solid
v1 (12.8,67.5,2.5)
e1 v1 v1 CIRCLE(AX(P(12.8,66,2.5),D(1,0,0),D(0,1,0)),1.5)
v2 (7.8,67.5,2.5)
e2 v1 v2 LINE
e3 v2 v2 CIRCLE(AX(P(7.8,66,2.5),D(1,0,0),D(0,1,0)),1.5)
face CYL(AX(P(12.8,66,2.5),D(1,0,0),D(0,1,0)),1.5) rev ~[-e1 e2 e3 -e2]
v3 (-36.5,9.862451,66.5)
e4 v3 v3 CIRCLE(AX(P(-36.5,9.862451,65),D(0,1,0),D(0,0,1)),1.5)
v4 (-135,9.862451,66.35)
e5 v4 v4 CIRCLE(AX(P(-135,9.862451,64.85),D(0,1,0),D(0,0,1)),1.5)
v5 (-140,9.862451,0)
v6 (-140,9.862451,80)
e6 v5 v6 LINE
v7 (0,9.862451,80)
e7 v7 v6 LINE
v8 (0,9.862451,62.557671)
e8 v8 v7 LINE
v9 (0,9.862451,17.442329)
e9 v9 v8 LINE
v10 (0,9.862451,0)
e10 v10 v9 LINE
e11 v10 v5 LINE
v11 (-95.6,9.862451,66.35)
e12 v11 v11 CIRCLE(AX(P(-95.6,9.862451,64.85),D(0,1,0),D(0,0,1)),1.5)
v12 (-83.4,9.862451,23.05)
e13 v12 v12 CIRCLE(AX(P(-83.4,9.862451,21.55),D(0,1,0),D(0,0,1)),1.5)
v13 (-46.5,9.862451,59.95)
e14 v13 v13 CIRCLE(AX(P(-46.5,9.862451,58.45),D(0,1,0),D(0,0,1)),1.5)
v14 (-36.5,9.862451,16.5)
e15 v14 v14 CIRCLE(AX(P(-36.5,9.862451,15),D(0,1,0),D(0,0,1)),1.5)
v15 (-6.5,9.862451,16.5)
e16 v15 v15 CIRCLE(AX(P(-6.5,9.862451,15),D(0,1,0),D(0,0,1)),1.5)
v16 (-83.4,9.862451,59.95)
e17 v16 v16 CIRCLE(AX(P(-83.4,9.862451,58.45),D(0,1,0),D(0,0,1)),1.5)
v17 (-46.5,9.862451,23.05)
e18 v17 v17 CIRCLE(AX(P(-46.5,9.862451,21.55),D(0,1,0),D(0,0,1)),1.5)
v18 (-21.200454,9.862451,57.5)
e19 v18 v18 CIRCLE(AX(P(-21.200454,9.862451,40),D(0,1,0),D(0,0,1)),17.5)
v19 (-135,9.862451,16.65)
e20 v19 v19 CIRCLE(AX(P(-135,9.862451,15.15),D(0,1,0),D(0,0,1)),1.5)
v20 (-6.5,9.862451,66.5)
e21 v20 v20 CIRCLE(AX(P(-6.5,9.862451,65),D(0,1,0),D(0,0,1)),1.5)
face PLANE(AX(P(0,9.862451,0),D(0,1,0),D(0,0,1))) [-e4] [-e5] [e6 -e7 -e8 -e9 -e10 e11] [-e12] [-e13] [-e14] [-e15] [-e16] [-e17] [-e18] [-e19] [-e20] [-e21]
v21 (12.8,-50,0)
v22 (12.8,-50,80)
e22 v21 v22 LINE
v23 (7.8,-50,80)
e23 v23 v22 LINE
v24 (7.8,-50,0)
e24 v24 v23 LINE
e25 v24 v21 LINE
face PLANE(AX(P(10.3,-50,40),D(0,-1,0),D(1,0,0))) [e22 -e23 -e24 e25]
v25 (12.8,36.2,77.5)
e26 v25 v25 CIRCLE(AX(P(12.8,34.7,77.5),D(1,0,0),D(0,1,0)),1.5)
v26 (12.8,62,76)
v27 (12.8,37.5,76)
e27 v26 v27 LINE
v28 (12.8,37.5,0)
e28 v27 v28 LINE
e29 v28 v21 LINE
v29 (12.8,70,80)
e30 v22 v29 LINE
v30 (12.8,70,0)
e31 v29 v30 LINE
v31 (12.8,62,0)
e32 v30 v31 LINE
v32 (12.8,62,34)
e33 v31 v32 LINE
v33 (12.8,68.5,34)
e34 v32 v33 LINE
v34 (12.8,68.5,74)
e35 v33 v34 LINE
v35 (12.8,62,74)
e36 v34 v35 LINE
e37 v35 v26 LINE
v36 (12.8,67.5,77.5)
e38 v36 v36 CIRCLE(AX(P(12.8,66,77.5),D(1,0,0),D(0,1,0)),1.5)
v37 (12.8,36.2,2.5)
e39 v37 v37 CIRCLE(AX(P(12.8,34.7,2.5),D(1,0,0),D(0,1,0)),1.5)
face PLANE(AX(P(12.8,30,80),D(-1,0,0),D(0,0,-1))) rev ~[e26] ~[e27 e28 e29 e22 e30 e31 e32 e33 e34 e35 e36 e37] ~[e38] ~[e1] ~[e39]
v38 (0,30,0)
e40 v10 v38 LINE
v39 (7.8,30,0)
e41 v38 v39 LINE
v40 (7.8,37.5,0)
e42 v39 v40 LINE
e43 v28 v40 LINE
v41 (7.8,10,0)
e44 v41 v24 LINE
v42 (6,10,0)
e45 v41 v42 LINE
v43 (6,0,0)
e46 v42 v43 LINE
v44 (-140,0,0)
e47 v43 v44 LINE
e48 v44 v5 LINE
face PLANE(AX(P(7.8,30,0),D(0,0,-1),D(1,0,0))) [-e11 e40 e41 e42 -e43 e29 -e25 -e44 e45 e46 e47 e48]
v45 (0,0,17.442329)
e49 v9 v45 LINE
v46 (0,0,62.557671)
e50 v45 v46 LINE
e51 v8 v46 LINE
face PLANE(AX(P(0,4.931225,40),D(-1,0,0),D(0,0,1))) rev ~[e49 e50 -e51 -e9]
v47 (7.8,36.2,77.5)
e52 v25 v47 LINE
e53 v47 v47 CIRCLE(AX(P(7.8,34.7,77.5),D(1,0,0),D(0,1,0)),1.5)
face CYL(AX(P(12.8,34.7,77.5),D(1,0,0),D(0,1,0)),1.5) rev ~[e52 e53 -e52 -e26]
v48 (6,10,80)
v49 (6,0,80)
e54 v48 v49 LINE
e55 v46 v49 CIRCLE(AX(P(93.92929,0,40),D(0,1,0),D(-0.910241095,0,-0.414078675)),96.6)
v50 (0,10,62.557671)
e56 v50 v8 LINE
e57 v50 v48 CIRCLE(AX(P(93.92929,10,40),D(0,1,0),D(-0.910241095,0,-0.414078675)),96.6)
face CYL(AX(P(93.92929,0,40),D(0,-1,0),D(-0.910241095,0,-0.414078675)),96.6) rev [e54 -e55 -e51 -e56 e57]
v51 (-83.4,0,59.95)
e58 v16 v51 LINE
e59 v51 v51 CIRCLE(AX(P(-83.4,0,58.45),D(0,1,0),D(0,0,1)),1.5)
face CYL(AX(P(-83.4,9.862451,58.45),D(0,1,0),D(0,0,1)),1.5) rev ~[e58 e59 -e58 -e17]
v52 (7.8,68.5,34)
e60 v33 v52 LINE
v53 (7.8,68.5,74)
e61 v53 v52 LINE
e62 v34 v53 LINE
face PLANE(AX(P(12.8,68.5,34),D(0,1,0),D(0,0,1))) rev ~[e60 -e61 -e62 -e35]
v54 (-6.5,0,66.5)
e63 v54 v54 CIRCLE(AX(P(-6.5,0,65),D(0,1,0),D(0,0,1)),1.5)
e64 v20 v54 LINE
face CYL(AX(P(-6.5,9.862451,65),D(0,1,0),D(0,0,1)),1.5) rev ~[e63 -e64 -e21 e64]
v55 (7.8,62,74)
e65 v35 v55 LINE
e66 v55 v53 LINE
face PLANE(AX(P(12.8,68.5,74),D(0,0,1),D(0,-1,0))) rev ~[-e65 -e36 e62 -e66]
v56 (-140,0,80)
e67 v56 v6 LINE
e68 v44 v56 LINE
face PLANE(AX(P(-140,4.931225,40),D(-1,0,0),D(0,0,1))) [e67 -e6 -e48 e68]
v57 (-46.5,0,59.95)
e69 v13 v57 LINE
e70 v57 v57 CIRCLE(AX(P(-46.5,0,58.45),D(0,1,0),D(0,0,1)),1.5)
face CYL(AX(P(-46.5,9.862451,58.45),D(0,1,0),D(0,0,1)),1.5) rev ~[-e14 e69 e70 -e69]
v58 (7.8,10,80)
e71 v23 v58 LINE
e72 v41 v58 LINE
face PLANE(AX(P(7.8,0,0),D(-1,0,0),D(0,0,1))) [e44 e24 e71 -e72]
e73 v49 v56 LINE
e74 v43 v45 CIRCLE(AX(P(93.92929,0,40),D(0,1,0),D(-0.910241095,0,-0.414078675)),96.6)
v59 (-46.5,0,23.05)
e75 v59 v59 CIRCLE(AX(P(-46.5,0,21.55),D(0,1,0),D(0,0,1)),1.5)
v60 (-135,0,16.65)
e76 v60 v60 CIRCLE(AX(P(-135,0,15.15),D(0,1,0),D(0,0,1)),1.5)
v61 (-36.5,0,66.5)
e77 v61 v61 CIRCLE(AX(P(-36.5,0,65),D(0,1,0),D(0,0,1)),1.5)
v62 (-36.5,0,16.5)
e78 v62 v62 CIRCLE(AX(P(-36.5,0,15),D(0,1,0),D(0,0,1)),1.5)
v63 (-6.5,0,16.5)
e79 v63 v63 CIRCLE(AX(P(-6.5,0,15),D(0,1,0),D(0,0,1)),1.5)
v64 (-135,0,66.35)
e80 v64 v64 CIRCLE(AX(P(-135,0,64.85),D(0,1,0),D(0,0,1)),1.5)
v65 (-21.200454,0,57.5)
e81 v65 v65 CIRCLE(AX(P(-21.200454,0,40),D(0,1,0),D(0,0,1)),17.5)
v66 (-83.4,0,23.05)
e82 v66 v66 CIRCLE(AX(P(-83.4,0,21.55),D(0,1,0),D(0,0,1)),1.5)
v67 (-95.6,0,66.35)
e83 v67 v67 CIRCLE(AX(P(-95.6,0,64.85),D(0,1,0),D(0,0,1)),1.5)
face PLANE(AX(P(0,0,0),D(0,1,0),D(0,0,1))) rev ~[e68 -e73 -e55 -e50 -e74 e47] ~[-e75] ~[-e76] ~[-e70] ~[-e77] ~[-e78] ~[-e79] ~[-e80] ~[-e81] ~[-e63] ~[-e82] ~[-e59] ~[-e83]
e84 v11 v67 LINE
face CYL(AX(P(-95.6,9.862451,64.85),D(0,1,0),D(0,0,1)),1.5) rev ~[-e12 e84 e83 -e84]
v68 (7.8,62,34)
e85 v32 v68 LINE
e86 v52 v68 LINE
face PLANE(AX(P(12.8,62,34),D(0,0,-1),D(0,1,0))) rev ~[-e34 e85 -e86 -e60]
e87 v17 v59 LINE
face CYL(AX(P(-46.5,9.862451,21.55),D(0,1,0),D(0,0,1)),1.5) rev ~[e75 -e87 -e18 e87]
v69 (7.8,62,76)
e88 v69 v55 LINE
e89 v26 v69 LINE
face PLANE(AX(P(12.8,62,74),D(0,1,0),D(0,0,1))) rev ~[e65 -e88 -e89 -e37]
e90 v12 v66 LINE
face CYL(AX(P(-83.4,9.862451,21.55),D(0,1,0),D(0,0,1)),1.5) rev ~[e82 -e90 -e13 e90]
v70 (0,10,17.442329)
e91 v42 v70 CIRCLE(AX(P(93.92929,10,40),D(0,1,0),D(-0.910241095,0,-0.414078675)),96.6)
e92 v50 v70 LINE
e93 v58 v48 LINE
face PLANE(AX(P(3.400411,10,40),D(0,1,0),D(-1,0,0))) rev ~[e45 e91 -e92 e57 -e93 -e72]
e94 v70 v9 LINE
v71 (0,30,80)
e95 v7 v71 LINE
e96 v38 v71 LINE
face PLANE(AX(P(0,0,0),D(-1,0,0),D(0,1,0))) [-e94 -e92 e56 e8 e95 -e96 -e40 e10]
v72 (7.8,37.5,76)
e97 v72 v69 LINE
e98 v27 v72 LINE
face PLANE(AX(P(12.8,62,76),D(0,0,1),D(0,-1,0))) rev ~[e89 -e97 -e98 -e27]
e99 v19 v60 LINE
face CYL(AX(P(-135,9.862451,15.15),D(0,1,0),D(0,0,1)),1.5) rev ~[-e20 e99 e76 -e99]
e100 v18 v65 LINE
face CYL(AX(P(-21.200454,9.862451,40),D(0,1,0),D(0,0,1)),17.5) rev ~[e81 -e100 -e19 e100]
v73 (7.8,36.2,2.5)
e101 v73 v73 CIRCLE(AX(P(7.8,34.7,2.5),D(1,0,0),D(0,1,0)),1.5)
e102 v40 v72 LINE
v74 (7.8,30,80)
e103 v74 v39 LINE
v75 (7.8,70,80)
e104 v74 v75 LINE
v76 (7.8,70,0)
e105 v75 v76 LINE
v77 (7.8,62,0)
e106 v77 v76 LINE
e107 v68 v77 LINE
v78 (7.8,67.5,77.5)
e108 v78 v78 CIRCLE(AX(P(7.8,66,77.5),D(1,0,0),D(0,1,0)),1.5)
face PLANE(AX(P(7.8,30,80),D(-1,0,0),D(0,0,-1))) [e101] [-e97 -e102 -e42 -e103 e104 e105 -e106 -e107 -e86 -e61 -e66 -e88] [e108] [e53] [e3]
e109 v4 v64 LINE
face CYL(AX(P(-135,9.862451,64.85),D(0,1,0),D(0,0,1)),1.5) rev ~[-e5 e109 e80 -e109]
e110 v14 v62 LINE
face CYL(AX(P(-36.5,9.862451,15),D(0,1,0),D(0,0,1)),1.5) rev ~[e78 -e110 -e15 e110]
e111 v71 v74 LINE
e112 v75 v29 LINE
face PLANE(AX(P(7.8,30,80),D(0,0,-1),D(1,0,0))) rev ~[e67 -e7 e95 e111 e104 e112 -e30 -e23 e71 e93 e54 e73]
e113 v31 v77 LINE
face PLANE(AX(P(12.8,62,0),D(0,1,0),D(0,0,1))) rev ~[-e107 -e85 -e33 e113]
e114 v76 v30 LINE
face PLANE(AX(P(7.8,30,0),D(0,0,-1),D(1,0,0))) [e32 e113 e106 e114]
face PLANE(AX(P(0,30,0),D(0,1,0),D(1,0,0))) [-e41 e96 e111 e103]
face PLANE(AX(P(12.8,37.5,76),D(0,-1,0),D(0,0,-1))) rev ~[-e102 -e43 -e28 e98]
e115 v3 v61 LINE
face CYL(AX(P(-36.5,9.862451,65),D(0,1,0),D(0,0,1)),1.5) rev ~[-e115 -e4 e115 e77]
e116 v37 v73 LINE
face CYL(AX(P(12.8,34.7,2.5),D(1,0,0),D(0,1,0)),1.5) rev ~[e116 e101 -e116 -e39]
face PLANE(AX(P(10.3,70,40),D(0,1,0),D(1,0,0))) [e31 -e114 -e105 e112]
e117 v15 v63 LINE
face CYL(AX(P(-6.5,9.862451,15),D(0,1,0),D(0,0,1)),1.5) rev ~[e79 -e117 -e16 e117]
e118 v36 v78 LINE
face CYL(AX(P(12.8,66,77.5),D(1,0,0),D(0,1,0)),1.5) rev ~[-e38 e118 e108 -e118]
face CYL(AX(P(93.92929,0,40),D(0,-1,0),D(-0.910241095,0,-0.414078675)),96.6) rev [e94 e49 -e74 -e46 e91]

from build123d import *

# Parameters (mm, degrees)
BOSS_EXTRUDE1_DEPTH   = 80
CORTE_EXTRUS_O1_DEPTH = 10
SKETCH3_W             = 5
SKETCH3_H             = 80
BOSS_EXTRUDE2_DEPTH   = 50
SKETCH4_W             = 80
SKETCH4_H             = 9.86245083
BOSS_EXTRUDE3_DEPTH   = 140
SKETCH5_R             = 1.5
SKETCH5_R_2           = 17.5
CUT_EXTRUDE1_DEPTH    = 40
SKETCH6_W             = 5
SKETCH6_H             = 80
BOSS_EXTRUDE4_DEPTH   = 40
SKETCH7_R             = 1.5
CUT_EXTRUDE2_DEPTH    = 40


with BuildPart() as part:
    # Sketch1 → Boss-Extrude1 (new body)
    with BuildSketch(Plane.XY):
        Polygon((0, 0), (0, 30), (12.8, 30), (12.8, 0), (7.8, 0), (7.8, 10), (6, 10), (6, 0), align=None)
    extrude(amount=BOSS_EXTRUDE1_DEPTH)

    # Esboço2 → Corte-extrusão1 (cut)
    with BuildSketch(Plane.XZ):
        with BuildLine():
            Line((6, 80), (6, 0))
            ThreePointArc((6, 0), (-2.670710227, 40), (6, 80))
        make_face()
    extrude(amount=-CORTE_EXTRUS_O1_DEPTH, mode=Mode.SUBTRACT)

    # Sketch3 → Boss-Extrude2 (add)
    with BuildSketch(Plane.XZ):
        with Locations((10.3, 40)):
            Rectangle(SKETCH3_W, SKETCH3_H)
    extrude(amount=BOSS_EXTRUDE2_DEPTH)

    # Sketch4 → Boss-Extrude3 (add)
    with BuildSketch(Plane.ZY):
        with Locations((40, 4.931225415)):
            Rectangle(SKETCH4_W, SKETCH4_H)
    extrude(amount=BOSS_EXTRUDE3_DEPTH)

    # Sketch5 → Cut-Extrude1 (cut)
    with BuildSketch(Plane(origin=(0, 9.86245083, 0), x_dir=(1, 0, 0), z_dir=(0, 1, 0))):
        with Locations(Location((-6.5, -65, 0), (0, 0, 270))):
            Circle(SKETCH5_R)
        with Locations(Location((-36.5, -65, 0), (0, 0, 270))):
            Circle(SKETCH5_R)
        with Locations(Location((-6.5, -15, 0), (0, 0, 270))):
            Circle(SKETCH5_R)
        with Locations(Location((-36.5, -15, 0), (0, 0, 270))):
            Circle(SKETCH5_R)
        with Locations(Location((-21.200454255, -40, 0), (0, 0, 270))):
            Circle(SKETCH5_R_2)
        with Locations(Location((-46.5, -21.55, 0), (0, 0, 270))):
            Circle(SKETCH5_R)
        with Locations(Location((-46.5, -58.45, 0), (0, 0, 270))):
            Circle(SKETCH5_R)
        with Locations(Location((-83.4, -21.55, 0), (0, 0, 270))):
            Circle(SKETCH5_R)
        with Locations(Location((-83.4, -58.45, 0), (0, 0, 270))):
            Circle(SKETCH5_R)
        with Locations(Location((-95.6, -64.85, 0), (0, 0, 270))):
            Circle(SKETCH5_R)
        with Locations(Location((-135, -64.85, 0), (0, 0, 270))):
            Circle(SKETCH5_R)
        with Locations(Location((-135, -15.15, 0), (0, 0, 270))):
            Circle(SKETCH5_R)
    extrude(amount=-CUT_EXTRUDE1_DEPTH, mode=Mode.SUBTRACT)

    # Sketch6 → Boss-Extrude4 (add)
    with BuildSketch(Plane(origin=(0, 30, 0), x_dir=(1, 0, 0), z_dir=(0, 1, 0))):
        with Locations((10.3, -40)):
            Rectangle(SKETCH6_W, SKETCH6_H)
    extrude(amount=BOSS_EXTRUDE4_DEPTH)

    # Sketch7 → Cut-Extrude2 (cut)
    with BuildSketch(Plane(origin=(12.8, 0, 0), x_dir=(0, 0, -1), z_dir=(1, 0, 0))):
        with Locations(Location((-77.5, 66, 0), (0, 0, 90))):
            Circle(SKETCH7_R)
        with Locations(Location((-2.5, 66, 0), (0, 0, 90))):
            Circle(SKETCH7_R)
        with Locations(Location((-2.5, 34.7, 0), (0, 0, 90))):
            Circle(SKETCH7_R)
        with Locations(Location((-77.5, 34.7, 0), (0, 0, 90))):
            Circle(SKETCH7_R)
        Polygon((-74, 68.5), (-74, 62), (-76, 62), (-76, 37.5), (0, 37.5), (0, 62), (-34, 62), (-34, 68.5), align=None)
    extrude(amount=-CUT_EXTRUDE2_DEPTH, mode=Mode.SUBTRACT)


solid = part.part
